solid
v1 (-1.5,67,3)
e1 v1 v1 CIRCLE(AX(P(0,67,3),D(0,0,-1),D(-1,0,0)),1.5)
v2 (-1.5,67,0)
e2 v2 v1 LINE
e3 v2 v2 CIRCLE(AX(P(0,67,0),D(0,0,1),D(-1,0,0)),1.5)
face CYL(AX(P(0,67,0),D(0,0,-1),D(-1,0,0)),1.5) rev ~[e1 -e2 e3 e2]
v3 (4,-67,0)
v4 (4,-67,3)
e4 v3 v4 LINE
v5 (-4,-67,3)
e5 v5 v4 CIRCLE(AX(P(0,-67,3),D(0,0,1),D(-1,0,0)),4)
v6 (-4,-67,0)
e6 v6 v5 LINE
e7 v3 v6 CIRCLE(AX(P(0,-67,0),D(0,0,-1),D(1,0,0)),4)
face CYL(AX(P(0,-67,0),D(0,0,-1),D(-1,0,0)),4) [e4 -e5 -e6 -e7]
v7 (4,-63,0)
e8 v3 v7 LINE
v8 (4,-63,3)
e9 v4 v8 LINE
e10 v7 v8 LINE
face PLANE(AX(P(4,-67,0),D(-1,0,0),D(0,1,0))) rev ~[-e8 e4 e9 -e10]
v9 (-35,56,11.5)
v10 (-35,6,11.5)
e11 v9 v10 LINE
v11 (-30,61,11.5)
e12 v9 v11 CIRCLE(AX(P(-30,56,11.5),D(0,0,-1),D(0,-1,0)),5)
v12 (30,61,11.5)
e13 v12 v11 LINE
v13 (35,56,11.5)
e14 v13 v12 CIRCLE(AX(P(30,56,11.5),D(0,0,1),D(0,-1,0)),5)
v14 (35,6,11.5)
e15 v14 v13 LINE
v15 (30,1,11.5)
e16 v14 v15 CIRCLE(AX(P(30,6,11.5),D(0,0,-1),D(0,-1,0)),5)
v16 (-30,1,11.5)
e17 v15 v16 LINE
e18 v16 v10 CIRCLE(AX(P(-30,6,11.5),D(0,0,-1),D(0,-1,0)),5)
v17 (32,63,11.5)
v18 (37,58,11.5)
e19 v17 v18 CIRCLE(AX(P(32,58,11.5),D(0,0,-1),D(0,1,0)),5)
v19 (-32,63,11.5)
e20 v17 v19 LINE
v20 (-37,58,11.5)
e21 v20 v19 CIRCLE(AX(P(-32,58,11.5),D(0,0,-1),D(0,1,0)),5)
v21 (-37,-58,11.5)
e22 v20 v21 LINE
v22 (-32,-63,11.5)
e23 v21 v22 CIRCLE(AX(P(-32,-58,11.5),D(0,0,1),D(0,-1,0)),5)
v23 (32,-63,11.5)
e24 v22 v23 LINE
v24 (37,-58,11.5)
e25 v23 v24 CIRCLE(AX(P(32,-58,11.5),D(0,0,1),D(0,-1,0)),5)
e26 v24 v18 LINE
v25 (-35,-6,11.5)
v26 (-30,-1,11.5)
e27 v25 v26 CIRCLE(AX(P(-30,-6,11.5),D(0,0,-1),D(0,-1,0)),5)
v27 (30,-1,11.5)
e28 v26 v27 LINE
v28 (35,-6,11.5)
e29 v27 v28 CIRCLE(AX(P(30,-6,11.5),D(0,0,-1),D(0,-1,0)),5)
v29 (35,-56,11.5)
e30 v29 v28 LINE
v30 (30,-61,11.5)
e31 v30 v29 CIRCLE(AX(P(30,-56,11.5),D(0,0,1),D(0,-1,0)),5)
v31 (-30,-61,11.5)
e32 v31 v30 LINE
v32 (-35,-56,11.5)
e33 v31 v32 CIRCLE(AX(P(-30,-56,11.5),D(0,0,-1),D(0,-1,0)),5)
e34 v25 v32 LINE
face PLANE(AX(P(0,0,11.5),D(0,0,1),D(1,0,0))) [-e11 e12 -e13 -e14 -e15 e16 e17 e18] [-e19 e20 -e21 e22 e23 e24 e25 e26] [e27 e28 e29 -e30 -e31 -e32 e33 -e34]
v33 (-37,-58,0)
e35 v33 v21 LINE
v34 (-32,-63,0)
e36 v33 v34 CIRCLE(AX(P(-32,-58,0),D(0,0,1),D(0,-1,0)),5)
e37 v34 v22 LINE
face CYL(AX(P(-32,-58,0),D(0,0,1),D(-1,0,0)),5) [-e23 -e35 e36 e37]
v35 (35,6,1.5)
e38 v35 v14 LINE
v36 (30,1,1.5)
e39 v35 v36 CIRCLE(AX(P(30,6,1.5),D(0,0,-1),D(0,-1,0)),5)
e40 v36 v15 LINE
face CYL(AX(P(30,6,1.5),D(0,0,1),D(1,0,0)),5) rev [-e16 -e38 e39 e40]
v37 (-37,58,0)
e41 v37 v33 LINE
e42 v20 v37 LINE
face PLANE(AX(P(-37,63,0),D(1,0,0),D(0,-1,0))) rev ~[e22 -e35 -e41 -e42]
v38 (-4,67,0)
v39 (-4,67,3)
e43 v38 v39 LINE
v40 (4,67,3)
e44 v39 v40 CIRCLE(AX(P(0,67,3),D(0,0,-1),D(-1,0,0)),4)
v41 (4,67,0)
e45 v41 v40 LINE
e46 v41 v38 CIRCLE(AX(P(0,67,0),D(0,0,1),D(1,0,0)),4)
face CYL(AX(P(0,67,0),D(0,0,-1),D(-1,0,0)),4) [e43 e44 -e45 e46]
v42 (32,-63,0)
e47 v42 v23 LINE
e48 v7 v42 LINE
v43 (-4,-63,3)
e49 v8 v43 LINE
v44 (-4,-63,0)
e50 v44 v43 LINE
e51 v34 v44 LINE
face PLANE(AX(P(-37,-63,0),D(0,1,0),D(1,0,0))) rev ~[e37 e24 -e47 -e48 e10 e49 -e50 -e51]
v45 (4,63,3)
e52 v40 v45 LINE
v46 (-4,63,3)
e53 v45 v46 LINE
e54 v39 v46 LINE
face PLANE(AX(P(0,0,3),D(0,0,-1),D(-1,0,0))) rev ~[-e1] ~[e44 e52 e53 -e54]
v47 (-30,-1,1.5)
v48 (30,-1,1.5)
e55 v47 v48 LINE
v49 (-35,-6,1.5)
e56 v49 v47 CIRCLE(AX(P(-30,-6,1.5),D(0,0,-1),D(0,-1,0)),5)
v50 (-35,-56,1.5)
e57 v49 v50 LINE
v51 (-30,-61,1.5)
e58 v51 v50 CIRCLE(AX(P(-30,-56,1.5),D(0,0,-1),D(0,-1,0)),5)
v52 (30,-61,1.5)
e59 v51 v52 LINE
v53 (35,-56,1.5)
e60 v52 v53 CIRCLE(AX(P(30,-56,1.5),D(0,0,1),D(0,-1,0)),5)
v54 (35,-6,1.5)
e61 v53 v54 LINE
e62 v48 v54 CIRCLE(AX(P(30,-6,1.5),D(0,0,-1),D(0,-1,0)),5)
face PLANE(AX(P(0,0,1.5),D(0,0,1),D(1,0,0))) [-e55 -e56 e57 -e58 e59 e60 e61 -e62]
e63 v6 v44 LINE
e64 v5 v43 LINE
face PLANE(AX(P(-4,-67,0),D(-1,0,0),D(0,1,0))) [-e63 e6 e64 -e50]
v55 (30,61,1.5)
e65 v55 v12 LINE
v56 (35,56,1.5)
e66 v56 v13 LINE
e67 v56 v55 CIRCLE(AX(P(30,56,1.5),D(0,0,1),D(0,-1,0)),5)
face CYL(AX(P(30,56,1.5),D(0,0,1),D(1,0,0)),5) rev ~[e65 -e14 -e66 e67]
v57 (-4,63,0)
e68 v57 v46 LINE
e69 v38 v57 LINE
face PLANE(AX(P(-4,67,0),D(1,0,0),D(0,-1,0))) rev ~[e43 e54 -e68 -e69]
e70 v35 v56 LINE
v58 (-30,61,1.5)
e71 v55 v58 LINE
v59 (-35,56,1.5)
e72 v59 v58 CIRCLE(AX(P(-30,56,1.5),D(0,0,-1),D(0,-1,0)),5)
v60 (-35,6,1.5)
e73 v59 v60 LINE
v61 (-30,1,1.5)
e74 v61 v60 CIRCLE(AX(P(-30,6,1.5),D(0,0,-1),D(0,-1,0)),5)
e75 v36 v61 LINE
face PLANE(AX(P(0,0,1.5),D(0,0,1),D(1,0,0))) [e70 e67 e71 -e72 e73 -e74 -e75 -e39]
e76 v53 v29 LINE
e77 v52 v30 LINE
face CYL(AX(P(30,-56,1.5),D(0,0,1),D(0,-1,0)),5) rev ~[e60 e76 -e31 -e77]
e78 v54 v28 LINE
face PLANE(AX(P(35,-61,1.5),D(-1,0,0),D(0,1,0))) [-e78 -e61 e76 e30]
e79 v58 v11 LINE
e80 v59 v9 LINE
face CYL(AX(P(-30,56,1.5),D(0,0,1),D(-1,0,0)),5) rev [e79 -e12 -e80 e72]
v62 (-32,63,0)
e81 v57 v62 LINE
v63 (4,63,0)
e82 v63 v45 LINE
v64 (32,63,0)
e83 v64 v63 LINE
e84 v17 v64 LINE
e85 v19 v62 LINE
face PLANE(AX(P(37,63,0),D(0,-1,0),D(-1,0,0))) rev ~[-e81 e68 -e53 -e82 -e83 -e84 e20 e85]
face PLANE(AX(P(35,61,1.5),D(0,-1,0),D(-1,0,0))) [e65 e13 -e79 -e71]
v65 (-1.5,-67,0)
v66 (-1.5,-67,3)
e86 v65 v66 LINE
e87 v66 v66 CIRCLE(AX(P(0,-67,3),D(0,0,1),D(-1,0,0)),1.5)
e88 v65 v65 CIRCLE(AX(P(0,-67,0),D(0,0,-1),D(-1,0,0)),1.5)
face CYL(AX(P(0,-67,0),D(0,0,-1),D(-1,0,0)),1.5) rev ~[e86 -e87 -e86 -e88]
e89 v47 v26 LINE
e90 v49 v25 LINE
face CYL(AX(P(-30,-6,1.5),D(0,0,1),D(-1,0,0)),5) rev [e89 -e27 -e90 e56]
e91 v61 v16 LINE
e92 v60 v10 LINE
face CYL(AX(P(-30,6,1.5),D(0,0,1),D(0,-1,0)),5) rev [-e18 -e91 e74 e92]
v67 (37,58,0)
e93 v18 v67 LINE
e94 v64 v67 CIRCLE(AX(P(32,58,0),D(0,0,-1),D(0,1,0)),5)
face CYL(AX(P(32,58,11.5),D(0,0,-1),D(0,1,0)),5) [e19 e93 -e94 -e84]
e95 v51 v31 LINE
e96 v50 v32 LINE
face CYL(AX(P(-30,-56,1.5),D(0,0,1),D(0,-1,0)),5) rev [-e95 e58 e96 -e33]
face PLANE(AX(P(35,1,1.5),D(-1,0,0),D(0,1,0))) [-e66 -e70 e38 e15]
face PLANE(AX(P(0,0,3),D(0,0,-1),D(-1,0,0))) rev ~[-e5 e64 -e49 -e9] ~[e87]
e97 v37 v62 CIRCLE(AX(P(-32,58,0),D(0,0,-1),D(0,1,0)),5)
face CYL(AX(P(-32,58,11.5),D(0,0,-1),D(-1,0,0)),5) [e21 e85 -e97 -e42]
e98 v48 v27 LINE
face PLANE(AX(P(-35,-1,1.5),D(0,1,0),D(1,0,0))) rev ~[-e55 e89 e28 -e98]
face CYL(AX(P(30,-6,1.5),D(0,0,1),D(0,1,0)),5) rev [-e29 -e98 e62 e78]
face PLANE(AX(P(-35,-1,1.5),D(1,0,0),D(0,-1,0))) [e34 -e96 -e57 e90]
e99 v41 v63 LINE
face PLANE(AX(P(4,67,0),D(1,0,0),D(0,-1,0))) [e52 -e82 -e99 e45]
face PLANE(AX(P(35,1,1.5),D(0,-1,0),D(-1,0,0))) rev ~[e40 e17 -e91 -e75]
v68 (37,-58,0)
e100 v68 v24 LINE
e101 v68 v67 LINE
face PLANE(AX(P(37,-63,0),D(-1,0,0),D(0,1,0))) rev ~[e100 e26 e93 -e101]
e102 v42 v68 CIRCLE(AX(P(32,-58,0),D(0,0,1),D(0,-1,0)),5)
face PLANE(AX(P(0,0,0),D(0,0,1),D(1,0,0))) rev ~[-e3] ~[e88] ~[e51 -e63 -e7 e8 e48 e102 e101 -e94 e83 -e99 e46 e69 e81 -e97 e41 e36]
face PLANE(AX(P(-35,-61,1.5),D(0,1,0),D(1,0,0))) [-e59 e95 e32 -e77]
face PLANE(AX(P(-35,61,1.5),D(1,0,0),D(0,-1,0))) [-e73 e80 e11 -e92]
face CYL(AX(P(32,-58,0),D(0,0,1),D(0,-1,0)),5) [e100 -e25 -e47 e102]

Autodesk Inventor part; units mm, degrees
ref_plane "YZ Plane" through (0, 0, 0) normal (1, 0, 0) x (0, 1, 0)
ref_plane "XZ Plane" through (0, 0, 0) normal (0, 1, 0) x (-1, 0, 0)
ref_plane "XY Plane" through (0, 0, 0) normal (0, 0, 1) x (1, 0, 0)
sketch "Sketch1" plane through (0, 0, 0) normal (0, 0, 1) x (1, 0, 0)
  line L0 (-37, -63) -> (37, -63)
  line L1 (37, -63) -> (37, 63)
  line L2 (37, 63) -> (-37, 63)
  line L3 (-37, 63) -> (-37, -63)
  line L4 (-37, -63) -> (37, 63) construction
  line L5 (37, -63) -> (-37, 63) construction
  point P0 (0, 0)
  dimension "d0" = 74
  dimension "d1" = 126
extrude "Extrusion1" add sketch "Sketch1" along normal blind 1.5
sketch "Sketch2" plane through (0, 0, 1.5) normal (0, 0, 1) x (1, 0, 0)
  line L0 (37, -63) -> (37, 63) projected
  line L1 (-37, -63) -> (37, -63)
  line L2 (37, -63) -> (37, 63)
  line L3 (37, 63) -> (-37, 63)
  line L4 (-37, 63) -> (-37, -63)
  line L5 (-37, -63) -> (37, 63) construction
  line L6 (37, -63) -> (-37, 63) construction
  line L7 (-35, -61) -> (35, -61)
  line L8 (35, -61) -> (35, 61)
  line L9 (35, 61) -> (-35, 61)
  line L10 (-35, 61) -> (-35, -61)
  line L11 (-35, -61) -> (35, 61) construction
  line L12 (35, -61) -> (-35, 61) construction
  line L13 (-35, -1) -> (35, -1)
  line L14 (35, -1) -> (35, 1)
  line L15 (35, 1) -> (-35, 1)
  line L16 (-35, 1) -> (-35, -1)
  line L17 (-35, -1) -> (35, 1) construction
  line L18 (35, -1) -> (-35, 1) construction
  point P0 (0, 0)
  dimension "d4" = 70
  dimension "d5" = 122
  dimension "d6" = 2
extrude "Extrusion2" add sketch "Sketch2" along normal blind 10 contours L1 L4 L3 L0 | L10 L15 L8 L13
fillet "Fillet1" radius 5 12 edges at (37, 63, 5.75) (-37, 63, 5.75) (37, -63, 5.75) (-37, -63, 5.75) (-35, 61, 6.5) (35, 61, 6.5) (35, 1, 6.5) (35, -1, 6.5) (-35, 1, 6.5) (-35, -1, 6.5) (-35, -61, 6.5) (35, -61, 6.5)
sketch "Sketch3" plane through (0, 0, 0) normal (0, 0, -1) x (-1, 0, 0)
  line L0 (-32, 63) -> (32, 63) projected
  line L1 (0, 63) -> (0, 71)
  circle A0 centre (0, 67) radius 4
  circle A1 centre (0, 67) radius 1.5
  line L2 (-4, 67) -> (4, 67)
  line L3 (4, 67) -> (4, 63)
  line L4 (-4, 67) -> (-4, 63)
  line L5 (-53.0047, 0) -> (53.0047, 0)
  line L6 (-30, 1) -> (30, 1) projected
  line L7 (0, -63) -> (0, -71)
  circle A2 centre (0, -67) radius 4
  circle A3 centre (0, -67) radius 1.5
  line L8 (-4, -67) -> (4, -67)
  line L9 (4, -67) -> (4, -63)
  line L10 (-4, -67) -> (-4, -63)
  line L11 (-30, -1) -> (30, -1)
  line L12 (4, -63) -> (-4, -63)
  line L13 (32, -63) -> (-32, -63) projected
  point P0 (0, 0)
  dimension "d11" = 8
  dimension "d10" = 8
  dimension "d12" = 3
extrude "Extrusion3" add sketch "Sketch3" against normal blind 3 contours L4 A0 L0 | A0 L3 L0 | A0 L2 A1 L1 | L1 A1 L2 A0 | A0 L1 A1 L2 | L2 A1 L1 A0 | A2 L8 A3 L7 | L12 L9 A2 | L7 A3 L8 A2 | A2 L10 L12 | A2 L7 A3 L8 | L8 A3 L7 A2
properties part number "box store"
